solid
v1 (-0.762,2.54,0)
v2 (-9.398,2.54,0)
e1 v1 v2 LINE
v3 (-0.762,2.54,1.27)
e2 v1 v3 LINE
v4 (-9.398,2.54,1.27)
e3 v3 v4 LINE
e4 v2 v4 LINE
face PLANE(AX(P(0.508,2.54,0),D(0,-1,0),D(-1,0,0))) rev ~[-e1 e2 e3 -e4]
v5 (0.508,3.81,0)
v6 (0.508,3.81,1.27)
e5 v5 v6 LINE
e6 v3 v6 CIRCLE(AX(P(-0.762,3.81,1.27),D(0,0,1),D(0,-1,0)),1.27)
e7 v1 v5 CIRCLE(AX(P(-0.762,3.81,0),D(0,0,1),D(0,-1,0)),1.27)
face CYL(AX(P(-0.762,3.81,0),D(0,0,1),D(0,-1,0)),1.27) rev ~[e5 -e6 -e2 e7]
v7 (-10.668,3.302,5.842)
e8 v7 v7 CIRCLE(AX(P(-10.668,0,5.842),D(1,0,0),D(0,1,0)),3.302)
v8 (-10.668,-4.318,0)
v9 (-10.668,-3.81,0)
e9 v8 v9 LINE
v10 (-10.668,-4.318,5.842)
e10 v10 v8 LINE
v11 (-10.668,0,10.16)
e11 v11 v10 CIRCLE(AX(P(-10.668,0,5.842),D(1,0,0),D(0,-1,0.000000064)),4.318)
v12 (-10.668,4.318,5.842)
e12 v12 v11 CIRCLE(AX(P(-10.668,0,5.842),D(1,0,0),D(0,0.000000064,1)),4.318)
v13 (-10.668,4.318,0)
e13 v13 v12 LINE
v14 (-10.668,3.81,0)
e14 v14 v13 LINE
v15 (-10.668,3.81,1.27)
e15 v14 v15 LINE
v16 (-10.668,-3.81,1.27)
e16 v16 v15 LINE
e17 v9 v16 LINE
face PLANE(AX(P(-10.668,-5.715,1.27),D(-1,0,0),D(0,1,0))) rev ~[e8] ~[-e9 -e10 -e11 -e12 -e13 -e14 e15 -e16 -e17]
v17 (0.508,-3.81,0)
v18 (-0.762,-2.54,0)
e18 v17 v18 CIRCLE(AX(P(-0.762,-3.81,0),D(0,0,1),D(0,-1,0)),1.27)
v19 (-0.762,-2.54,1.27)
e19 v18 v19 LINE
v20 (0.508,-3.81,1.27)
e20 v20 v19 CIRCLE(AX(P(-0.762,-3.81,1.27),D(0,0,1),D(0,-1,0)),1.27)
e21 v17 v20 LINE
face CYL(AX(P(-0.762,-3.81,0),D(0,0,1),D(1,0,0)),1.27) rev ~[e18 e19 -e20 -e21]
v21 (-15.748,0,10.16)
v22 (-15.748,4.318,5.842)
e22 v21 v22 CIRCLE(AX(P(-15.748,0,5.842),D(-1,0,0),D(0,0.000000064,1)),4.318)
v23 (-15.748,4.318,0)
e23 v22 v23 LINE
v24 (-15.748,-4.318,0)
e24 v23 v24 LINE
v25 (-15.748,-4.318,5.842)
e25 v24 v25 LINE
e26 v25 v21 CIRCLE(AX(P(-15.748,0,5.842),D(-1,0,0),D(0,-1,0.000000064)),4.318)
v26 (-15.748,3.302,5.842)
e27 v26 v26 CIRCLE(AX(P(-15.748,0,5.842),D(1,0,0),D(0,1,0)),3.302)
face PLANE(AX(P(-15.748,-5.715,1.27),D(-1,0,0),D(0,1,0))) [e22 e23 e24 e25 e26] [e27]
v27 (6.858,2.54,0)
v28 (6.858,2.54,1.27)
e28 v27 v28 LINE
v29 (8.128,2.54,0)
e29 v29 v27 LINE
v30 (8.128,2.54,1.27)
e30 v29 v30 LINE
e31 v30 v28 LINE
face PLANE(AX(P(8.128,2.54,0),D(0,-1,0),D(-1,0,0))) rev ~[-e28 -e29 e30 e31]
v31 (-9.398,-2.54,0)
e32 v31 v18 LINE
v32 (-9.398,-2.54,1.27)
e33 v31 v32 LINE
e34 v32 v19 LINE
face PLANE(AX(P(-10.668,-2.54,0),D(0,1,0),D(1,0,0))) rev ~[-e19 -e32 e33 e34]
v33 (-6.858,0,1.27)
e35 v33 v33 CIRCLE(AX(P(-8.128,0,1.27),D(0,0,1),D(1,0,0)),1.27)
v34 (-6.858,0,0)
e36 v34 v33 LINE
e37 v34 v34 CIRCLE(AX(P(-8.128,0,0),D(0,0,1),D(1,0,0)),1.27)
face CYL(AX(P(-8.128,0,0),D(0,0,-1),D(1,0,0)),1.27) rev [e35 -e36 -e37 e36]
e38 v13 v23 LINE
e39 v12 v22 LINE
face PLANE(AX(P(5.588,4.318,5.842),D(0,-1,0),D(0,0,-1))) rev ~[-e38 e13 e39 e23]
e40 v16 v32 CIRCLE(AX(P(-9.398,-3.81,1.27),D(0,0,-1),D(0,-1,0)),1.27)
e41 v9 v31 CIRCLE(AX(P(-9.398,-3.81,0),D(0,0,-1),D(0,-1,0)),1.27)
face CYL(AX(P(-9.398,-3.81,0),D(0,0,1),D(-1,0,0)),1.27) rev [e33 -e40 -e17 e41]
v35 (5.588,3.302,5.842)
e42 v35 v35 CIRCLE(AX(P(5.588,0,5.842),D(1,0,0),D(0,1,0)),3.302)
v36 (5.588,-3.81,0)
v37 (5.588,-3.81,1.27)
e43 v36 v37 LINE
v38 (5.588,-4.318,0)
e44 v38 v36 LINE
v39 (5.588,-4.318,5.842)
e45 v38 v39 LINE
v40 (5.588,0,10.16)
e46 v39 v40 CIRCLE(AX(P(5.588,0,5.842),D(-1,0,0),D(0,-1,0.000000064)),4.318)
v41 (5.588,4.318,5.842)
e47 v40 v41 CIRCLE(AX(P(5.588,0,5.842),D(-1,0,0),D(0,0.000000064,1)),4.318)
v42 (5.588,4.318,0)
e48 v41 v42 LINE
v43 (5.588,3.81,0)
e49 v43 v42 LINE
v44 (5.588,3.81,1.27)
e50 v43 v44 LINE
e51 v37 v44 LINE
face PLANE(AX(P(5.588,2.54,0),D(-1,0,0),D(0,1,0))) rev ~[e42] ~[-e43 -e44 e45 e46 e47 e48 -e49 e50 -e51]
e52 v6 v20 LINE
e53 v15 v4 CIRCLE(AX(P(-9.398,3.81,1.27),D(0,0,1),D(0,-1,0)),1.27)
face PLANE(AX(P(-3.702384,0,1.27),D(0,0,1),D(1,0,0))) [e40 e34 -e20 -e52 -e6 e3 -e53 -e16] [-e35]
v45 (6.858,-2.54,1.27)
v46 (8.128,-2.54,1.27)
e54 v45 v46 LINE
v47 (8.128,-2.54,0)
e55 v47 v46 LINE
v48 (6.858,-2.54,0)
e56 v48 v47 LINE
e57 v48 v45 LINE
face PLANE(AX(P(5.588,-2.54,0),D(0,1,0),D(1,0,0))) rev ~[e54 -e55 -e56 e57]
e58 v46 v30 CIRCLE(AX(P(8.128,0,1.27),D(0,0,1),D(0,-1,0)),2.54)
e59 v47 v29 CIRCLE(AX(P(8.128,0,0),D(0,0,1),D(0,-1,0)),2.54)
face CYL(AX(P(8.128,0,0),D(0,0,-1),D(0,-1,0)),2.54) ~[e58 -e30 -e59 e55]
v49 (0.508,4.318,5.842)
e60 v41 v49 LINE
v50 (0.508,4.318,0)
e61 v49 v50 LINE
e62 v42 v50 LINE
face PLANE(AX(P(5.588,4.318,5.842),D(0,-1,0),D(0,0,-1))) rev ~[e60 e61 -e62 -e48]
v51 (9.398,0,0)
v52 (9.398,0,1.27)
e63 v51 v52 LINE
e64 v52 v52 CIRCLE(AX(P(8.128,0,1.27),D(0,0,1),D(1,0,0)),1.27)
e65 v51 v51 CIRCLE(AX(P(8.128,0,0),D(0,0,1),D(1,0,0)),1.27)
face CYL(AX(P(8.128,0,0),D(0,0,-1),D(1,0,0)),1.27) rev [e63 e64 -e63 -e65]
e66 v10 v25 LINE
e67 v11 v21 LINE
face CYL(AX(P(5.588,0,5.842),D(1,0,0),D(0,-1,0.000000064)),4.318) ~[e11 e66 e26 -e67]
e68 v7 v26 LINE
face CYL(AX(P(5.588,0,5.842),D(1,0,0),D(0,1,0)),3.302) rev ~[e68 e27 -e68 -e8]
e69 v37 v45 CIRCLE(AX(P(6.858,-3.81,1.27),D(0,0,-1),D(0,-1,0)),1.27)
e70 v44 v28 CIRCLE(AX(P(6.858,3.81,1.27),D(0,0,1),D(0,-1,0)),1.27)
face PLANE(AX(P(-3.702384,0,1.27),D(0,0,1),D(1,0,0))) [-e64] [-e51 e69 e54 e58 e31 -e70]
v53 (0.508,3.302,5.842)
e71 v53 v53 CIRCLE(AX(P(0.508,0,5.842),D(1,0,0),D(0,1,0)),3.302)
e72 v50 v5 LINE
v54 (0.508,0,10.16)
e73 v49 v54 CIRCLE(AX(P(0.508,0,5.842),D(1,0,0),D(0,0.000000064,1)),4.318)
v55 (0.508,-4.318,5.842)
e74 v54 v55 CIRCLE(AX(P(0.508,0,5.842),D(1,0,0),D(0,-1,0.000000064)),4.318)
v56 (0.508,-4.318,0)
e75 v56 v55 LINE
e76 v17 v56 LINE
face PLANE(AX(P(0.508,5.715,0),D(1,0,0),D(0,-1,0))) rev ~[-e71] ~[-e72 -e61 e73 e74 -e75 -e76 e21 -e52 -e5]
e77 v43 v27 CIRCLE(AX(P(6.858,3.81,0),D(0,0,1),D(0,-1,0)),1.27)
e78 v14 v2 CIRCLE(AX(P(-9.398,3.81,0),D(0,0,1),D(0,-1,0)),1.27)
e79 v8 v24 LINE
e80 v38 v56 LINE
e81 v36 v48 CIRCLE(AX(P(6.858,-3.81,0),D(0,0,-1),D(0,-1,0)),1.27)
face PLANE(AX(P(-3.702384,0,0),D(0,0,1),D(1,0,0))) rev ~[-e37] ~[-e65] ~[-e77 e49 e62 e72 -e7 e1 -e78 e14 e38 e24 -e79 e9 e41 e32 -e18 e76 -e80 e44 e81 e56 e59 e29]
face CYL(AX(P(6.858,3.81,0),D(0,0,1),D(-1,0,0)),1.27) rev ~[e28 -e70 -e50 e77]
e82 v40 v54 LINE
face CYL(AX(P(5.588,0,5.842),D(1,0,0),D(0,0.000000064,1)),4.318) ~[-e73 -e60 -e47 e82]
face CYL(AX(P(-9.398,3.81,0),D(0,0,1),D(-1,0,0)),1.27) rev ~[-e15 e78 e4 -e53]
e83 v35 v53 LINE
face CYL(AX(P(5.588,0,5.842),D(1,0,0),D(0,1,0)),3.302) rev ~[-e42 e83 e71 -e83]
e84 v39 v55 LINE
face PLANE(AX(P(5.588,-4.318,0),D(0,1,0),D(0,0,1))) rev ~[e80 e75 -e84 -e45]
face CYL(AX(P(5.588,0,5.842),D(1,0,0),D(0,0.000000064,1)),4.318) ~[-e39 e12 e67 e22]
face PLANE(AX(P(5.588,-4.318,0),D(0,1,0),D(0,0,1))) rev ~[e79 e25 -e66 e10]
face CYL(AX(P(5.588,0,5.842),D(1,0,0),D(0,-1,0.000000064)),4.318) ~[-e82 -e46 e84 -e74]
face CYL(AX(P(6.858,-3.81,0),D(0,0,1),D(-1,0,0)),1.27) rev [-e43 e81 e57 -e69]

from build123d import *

# Parameters (mm, degrees)
F0_R     = 1.27
F1_DEPTH = 1.27
F2_W     = 5.08
F2_H     = 11.43
F3_DEPTH = 8.89
F4_R     = 3.302
F5_DEPTH = 21.336
F6_R     = 1.27


with BuildPart() as f1:
    # F0 (on Top) → F1 (new body)
    with BuildSketch(Plane.XY):
        with BuildLine():
            Line((-10.668, 5.715), (-15.748, 5.715))
            Line((-15.748, 5.715), (-15.748, -5.715))
            Line((-15.748, -5.715), (-10.668, -5.715))
            Line((-10.668, -5.715), (-10.668, -2.54))
            Line((-10.668, -2.54), (0.508, -2.54))
            Line((0.508, -2.54), (0.508, -5.715))
            Line((0.508, -5.715), (5.588, -5.715))
            Line((5.588, -5.715), (5.588, -2.54))
            Line((5.588, -2.54), (8.128, -2.54))
            ThreePointArc((8.128, -2.54), (10.668, 0), (8.128, 2.54))
            Line((8.128, 2.54), (5.588, 2.54))
            Line((5.588, 2.54), (5.588, 5.715))
            Line((5.588, 5.715), (0.508, 5.715))
            Line((0.508, 5.715), (0.508, 2.54))
            Line((0.508, 2.54), (-10.668, 2.54))
            Line((-10.668, 2.54), (-10.668, 5.715))
        make_face()
        with Locations((-8.128, 0)):
            Circle(F0_R, mode=Mode.SUBTRACT)
        with Locations((8.128, 0)):
            Circle(F0_R, mode=Mode.SUBTRACT)
    extrude(amount=F1_DEPTH)

    # F2 (on face) → F3 (join)
    with BuildSketch(Plane.XY.offset(1.27)):
        with Locations((-13.208, 0)):
            Rectangle(F2_W, F2_H)
        with Locations((3.048, 0)):
            Rectangle(F2_W, F2_H)
    extrude(amount=F3_DEPTH)

    # F4 (on face) → F5 (cut, through all)
    with BuildSketch(Plane.YZ.offset(5.588)):
        with Locations((0, 5.842)):
            Circle(F4_R)
        with BuildLine():
            Line((5.715, 10.16), (0, 10.16))
            ThreePointArc((0, 10.16), (3.053287, 8.895287), (4.318, 5.842))
            Line((4.318, 5.842), (4.318, 0))
            Line((4.318, 0), (5.715, 0))
            Line((5.715, 0), (5.715, 10.16))
        make_face()
        with BuildLine():
            Line((-5.715, 0), (-4.318, 0))
            Line((-4.318, 0), (-4.318, 5.842))
            ThreePointArc((-4.318, 5.842), (-3.053287, 8.895287), (0, 10.16))
            Line((0, 10.16), (-5.715, 10.16))
            Line((-5.715, 10.16), (-5.715, 0))
        make_face()
    extrude(amount=-F5_DEPTH, mode=Mode.SUBTRACT)

    # F6
    f6_edges = [f1.edges().sort_by_distance(p)[0] for p in [
        (-10.668, -2.54, 0.635),
        (5.588, -2.54, 0.635),
        (0.508, -2.54, 0.635),
        (0.508, 2.54, 0.635),
        (5.588, 2.54, 0.635),
        (-10.668, 2.54, 0.635),
    ]]
    fillet(f6_edges, radius=F6_R)


solid = f1.part
